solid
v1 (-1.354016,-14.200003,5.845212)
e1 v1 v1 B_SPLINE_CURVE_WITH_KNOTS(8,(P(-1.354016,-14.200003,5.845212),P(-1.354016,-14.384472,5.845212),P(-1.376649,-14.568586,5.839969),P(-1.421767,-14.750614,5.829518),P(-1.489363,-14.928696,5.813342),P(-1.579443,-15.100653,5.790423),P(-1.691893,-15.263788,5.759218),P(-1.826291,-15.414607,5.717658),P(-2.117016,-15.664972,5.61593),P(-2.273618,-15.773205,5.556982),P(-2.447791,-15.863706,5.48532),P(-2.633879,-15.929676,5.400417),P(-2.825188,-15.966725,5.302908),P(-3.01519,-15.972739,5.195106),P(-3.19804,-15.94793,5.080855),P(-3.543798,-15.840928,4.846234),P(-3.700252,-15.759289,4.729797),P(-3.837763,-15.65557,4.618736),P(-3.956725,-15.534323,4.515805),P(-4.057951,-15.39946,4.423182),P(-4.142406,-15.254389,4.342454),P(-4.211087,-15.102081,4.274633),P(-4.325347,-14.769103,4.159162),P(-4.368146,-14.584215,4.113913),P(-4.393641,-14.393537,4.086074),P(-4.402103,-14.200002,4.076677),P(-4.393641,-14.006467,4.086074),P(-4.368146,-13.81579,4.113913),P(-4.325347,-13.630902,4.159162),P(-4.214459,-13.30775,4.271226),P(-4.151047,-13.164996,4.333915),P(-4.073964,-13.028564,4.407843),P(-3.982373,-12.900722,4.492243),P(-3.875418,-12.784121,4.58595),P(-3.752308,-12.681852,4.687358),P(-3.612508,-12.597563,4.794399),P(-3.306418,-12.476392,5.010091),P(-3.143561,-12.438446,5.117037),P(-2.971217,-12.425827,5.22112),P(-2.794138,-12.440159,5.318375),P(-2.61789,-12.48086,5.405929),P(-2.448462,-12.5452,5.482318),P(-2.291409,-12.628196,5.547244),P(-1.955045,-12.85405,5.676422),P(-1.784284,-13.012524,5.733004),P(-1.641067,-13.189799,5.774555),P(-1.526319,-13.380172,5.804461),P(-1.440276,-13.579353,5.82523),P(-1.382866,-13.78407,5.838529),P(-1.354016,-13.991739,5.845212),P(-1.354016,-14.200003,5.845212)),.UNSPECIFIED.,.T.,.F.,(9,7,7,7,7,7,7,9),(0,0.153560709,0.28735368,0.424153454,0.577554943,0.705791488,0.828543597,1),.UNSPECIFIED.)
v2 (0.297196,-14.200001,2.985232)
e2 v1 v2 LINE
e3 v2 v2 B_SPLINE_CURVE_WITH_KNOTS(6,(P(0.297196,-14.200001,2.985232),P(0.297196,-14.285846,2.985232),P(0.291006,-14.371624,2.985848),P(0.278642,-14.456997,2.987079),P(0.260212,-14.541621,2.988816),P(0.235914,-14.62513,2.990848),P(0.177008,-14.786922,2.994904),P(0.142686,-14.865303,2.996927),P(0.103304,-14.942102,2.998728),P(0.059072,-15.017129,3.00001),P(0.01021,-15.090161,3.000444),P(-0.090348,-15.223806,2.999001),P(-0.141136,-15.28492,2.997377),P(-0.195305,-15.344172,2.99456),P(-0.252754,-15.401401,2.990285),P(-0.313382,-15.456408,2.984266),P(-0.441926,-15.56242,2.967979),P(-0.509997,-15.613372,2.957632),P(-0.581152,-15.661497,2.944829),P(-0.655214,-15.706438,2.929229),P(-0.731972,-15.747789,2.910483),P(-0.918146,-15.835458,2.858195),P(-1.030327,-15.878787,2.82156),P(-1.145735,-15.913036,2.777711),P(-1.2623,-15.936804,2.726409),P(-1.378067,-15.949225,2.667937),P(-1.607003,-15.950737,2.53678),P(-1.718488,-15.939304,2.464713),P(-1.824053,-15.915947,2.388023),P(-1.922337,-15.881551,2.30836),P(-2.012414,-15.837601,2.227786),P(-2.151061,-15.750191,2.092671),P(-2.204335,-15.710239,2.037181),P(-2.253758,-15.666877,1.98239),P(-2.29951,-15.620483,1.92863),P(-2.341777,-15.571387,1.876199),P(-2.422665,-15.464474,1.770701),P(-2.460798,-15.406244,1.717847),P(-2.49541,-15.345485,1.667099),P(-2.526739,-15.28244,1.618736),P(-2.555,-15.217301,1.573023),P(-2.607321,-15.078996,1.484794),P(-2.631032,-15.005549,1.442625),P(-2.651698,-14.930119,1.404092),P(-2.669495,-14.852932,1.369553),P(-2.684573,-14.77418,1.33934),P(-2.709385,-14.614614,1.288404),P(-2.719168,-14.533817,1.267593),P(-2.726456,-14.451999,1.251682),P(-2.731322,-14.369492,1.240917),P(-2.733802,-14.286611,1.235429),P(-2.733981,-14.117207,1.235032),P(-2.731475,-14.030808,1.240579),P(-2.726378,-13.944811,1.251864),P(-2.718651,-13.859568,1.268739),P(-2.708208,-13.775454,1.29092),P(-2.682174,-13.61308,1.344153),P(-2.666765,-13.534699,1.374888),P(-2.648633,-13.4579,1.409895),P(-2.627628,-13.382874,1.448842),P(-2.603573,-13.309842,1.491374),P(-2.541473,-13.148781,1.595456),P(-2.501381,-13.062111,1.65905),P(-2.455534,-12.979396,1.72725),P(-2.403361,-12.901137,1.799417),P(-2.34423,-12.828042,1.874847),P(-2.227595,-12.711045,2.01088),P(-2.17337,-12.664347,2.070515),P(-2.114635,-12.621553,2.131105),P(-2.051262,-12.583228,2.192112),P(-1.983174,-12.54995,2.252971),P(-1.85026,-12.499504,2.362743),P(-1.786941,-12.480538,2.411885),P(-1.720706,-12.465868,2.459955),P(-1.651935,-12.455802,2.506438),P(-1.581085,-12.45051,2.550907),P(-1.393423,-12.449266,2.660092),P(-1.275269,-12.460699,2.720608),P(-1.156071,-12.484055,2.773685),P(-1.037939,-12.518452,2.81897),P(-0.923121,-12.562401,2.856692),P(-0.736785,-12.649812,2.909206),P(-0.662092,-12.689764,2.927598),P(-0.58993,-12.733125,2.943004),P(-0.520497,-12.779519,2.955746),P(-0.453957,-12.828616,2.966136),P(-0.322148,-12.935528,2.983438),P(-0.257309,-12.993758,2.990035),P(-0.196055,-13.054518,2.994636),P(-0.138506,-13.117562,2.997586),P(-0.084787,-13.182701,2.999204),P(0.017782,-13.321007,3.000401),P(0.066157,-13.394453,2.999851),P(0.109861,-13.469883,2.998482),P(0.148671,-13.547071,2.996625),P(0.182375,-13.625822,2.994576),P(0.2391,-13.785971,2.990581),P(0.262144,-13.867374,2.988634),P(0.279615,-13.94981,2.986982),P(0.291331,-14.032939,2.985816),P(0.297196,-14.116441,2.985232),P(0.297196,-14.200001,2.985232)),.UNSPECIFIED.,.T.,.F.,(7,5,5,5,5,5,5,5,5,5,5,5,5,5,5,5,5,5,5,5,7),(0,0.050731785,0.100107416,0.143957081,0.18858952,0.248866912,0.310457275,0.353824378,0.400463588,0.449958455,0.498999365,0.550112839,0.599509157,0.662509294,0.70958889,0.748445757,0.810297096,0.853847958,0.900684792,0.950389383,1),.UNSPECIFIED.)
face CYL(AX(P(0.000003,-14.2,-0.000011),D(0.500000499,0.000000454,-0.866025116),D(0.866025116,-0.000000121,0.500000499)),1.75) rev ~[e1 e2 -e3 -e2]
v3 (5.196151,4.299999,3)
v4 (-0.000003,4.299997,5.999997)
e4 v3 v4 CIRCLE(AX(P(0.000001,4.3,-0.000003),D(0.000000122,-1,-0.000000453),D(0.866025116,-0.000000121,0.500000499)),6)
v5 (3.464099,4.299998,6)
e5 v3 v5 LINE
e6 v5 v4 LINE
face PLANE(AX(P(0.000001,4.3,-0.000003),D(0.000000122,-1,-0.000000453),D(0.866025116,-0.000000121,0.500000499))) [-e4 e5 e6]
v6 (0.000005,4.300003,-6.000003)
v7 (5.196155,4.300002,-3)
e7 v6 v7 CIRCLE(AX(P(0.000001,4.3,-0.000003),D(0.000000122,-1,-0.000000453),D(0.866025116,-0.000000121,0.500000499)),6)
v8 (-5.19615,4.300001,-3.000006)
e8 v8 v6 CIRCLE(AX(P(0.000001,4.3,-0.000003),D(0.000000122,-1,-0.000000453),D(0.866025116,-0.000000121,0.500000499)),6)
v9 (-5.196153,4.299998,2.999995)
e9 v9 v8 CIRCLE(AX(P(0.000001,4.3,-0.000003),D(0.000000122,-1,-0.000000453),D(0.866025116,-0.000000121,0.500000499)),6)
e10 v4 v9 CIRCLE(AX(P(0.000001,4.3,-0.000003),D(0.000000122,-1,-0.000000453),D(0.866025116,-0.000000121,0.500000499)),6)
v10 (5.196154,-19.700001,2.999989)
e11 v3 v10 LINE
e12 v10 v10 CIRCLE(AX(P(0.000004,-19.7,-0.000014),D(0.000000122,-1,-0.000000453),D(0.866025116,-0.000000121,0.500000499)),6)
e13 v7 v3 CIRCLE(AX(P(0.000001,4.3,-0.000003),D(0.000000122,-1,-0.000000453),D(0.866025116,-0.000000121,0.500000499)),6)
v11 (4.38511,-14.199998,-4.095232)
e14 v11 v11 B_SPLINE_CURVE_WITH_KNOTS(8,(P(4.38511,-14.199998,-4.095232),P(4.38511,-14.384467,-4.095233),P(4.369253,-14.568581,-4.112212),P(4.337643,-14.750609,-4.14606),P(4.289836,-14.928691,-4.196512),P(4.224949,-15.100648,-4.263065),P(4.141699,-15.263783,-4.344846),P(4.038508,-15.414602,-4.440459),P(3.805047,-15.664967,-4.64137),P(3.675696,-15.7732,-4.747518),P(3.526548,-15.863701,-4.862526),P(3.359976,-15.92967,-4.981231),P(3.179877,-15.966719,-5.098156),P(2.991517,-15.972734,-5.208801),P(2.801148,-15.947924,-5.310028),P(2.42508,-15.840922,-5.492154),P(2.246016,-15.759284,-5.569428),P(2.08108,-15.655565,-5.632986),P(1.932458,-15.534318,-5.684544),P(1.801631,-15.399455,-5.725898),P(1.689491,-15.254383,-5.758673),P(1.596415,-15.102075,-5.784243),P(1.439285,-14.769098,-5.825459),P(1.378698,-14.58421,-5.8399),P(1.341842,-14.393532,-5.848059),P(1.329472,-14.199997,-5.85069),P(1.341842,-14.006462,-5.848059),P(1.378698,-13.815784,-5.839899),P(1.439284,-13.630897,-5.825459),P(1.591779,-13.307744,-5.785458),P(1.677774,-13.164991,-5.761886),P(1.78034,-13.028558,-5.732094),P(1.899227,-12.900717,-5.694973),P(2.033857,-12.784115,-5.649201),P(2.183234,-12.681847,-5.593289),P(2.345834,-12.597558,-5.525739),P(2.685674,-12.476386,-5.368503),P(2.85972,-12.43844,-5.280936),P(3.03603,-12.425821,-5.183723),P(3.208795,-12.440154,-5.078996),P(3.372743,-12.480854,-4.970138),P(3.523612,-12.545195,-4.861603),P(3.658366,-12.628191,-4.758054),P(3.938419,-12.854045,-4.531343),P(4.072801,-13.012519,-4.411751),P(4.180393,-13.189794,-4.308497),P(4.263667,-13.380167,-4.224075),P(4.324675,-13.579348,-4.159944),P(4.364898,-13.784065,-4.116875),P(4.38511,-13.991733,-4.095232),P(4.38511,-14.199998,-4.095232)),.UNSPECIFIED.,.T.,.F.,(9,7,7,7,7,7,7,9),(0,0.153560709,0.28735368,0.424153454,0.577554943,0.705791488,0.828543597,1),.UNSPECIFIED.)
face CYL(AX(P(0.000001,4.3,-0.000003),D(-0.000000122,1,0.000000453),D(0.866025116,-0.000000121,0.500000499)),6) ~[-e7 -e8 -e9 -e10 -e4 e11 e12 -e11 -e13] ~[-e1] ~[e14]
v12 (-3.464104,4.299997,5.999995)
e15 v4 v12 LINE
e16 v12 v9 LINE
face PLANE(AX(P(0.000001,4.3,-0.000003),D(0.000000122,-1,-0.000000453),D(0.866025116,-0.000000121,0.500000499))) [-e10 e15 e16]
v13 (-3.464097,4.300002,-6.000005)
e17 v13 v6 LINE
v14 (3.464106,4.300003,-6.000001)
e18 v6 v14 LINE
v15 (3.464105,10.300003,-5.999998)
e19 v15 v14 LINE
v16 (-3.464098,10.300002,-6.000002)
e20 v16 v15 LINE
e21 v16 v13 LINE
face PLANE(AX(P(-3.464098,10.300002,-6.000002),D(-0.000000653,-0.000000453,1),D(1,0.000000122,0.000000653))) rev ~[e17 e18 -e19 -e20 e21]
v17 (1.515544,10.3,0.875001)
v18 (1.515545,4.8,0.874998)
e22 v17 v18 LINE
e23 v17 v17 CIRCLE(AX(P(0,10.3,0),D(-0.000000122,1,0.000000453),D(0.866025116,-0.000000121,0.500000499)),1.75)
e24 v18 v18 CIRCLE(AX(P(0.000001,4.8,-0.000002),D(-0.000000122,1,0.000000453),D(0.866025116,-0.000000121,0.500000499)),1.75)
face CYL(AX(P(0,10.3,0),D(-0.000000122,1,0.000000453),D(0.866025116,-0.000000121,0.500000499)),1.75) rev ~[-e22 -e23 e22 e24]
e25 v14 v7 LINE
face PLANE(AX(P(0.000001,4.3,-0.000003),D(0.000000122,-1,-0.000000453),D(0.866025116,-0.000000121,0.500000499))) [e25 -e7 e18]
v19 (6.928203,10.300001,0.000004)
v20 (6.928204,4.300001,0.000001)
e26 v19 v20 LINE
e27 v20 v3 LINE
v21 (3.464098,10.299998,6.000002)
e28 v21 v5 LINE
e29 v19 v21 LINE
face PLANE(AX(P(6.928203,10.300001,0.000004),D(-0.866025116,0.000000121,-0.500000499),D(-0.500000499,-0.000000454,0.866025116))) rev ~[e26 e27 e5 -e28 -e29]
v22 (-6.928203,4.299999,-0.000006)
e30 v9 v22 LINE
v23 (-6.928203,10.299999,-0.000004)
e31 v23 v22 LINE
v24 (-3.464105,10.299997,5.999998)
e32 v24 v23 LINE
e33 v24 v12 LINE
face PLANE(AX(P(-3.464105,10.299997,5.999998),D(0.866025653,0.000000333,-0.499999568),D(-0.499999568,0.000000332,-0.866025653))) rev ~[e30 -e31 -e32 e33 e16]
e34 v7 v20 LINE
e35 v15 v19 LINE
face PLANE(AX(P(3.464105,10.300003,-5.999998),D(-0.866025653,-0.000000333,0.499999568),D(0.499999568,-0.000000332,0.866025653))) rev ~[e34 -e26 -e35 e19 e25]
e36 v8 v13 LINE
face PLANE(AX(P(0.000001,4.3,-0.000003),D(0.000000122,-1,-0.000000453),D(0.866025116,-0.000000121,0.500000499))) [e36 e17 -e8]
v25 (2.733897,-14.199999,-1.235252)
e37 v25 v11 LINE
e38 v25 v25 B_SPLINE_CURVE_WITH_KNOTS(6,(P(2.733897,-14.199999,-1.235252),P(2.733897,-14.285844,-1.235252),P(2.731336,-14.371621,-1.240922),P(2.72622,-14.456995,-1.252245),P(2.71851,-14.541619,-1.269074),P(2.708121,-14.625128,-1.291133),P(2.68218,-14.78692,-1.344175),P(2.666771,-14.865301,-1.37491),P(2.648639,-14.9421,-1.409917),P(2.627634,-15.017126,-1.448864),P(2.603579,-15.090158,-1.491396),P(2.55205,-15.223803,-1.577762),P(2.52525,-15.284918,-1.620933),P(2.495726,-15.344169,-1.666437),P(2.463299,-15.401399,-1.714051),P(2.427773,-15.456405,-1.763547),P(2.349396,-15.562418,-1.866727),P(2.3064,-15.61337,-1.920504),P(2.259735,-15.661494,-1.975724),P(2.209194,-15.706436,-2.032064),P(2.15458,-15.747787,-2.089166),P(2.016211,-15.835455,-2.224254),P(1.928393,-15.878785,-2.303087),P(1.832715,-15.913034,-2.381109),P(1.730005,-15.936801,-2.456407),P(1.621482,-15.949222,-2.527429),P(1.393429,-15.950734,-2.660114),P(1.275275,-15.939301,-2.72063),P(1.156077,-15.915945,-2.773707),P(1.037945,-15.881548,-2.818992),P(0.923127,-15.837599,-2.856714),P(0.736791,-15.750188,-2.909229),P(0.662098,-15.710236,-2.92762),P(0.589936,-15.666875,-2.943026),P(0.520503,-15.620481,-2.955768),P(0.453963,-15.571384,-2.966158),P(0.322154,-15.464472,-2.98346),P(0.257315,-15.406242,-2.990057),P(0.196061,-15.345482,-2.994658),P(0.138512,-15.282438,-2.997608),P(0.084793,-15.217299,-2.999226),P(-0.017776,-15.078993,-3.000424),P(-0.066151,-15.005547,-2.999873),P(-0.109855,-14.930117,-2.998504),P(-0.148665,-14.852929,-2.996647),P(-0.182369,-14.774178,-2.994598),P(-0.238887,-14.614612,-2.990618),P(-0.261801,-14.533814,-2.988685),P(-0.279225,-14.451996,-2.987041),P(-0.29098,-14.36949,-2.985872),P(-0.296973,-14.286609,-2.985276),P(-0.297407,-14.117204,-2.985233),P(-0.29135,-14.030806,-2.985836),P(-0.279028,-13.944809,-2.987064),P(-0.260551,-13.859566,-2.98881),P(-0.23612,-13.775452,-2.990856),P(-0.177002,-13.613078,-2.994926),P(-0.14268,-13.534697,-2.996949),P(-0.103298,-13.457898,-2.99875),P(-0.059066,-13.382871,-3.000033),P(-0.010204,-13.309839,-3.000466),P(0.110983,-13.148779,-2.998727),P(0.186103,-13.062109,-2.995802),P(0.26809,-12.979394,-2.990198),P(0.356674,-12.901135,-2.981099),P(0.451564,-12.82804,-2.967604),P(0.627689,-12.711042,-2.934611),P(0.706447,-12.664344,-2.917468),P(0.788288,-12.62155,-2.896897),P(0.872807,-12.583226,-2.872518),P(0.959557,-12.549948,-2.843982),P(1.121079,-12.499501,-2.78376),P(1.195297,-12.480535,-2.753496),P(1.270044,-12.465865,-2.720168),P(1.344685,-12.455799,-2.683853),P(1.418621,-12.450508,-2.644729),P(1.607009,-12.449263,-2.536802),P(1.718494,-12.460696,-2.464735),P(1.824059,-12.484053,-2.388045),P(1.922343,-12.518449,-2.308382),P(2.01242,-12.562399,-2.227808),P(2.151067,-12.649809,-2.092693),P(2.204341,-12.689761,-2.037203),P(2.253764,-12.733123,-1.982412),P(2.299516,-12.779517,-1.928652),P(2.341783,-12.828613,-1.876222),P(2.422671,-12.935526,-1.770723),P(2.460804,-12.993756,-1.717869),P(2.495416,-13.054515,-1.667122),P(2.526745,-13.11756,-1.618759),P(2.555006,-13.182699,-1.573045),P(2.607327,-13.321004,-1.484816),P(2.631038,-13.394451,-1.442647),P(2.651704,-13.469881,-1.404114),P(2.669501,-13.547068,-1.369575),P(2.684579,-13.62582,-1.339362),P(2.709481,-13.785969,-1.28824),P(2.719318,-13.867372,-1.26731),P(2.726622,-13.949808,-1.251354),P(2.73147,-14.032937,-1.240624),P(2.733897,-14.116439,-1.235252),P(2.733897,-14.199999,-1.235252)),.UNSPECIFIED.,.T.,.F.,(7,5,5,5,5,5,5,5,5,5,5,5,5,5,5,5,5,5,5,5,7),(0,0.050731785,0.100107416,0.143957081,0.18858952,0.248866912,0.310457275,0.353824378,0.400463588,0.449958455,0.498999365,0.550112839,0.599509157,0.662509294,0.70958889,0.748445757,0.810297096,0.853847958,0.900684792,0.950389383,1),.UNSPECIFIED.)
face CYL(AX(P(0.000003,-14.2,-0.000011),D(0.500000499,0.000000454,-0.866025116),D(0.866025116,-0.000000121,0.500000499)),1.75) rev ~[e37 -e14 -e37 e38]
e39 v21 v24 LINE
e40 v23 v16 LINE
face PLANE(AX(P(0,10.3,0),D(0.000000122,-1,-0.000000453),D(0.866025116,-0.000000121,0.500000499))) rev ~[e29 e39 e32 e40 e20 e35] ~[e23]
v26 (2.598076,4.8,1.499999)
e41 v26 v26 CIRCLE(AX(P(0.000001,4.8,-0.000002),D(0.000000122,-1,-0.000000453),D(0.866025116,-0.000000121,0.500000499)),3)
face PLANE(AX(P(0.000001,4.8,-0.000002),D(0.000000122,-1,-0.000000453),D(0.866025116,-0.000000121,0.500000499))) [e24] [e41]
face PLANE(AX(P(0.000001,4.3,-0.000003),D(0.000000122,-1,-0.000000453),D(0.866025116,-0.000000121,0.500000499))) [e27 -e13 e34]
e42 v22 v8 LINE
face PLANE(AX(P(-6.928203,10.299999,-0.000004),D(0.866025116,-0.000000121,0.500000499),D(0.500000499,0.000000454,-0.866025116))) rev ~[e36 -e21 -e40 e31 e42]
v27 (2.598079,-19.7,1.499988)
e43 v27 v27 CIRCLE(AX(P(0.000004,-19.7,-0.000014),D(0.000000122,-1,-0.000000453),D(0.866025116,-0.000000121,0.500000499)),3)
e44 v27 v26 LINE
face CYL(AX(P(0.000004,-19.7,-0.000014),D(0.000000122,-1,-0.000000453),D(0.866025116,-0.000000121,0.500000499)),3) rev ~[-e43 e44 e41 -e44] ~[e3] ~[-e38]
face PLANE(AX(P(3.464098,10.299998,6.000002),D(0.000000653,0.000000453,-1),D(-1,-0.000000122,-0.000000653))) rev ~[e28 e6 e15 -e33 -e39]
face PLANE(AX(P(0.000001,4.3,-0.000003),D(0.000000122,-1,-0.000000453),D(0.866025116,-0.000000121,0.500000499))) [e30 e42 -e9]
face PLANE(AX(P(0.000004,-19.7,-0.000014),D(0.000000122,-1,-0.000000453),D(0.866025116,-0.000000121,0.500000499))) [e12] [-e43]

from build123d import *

# Parameters (mm, degrees)
PAD122_DEPTH            = 6
SKETCH186_R             = 6
PAD123_DEPTH            = 24
SKETCH187_R             = 3
POCKET046_DEPTH         = 24.5
SKETCH188_R             = 1.75
POCKET047_DEPTH         = 6
SKETCH189_R             = 1.75
POCKET048_DEPTH         = 7
BODY102_ROLL_ANGLE      = 90.00003
BODY102_PITCH_ANGLE     = -30.000033
BODY102_PLACEMENT_ANGLE = -8e-06


with BuildPart() as part:
    # Sketch185 → Pad122 (new body)
    with BuildSketch(Plane.XY):
        Polygon((6, 3.464102), (0, 6.928203), (-6, 3.464102), (-6, -3.464102), (0, -6.928203), (6, -3.464102), align=None)
    extrude(amount=PAD122_DEPTH)

    # Sketch186 (on Face8 of Pad122) → Pad123 (join)
    with BuildSketch(Plane.XY.offset(6)):
        Circle(SKETCH186_R)
    extrude(amount=PAD123_DEPTH)

    # Sketch187 (on Face15 of Pad123) → Pocket046 (cut)
    with BuildSketch(Plane.XY.offset(30)):
        Circle(SKETCH187_R)
    extrude(amount=-POCKET046_DEPTH, mode=Mode.SUBTRACT)

    # Sketch188 (on Face4 of Pocket046) → Pocket047 (cut)
    with BuildSketch(Plane(origin=(0, 0, 0), x_dir=(1, 0, 0), z_dir=(0, 0, -1))):
        Circle(SKETCH188_R)
    extrude(amount=-POCKET047_DEPTH, mode=Mode.SUBTRACT)

    # Sketch189 → Pocket048 (cut, symmetric)
    with BuildSketch(Plane.XZ):
        with Locations((0, 24.5)):
            Circle(SKETCH189_R)
    extrude(amount=POCKET048_DEPTH, both=True, mode=Mode.SUBTRACT)


with BuildPart() as part_1:
    # Body102 roll: moved
    add(part.part.rotate(Axis((0, 0, 0), (1, 0, 0)), BODY102_ROLL_ANGLE))


with BuildPart() as part_2:
    # Body102 pitch: moved
    add(part_1.part.rotate(Axis((0, 0, 0), (0, 1, 0)), BODY102_PITCH_ANGLE))


with BuildPart() as part_3:
    # Body102 placement: moved
    add(part_2.part.moved(Location((0, 10.3, 0))).rotate(Axis((0, 10.3, 0), (0, 0, 1)), BODY102_PLACEMENT_ANGLE))


solid = part_3.part
